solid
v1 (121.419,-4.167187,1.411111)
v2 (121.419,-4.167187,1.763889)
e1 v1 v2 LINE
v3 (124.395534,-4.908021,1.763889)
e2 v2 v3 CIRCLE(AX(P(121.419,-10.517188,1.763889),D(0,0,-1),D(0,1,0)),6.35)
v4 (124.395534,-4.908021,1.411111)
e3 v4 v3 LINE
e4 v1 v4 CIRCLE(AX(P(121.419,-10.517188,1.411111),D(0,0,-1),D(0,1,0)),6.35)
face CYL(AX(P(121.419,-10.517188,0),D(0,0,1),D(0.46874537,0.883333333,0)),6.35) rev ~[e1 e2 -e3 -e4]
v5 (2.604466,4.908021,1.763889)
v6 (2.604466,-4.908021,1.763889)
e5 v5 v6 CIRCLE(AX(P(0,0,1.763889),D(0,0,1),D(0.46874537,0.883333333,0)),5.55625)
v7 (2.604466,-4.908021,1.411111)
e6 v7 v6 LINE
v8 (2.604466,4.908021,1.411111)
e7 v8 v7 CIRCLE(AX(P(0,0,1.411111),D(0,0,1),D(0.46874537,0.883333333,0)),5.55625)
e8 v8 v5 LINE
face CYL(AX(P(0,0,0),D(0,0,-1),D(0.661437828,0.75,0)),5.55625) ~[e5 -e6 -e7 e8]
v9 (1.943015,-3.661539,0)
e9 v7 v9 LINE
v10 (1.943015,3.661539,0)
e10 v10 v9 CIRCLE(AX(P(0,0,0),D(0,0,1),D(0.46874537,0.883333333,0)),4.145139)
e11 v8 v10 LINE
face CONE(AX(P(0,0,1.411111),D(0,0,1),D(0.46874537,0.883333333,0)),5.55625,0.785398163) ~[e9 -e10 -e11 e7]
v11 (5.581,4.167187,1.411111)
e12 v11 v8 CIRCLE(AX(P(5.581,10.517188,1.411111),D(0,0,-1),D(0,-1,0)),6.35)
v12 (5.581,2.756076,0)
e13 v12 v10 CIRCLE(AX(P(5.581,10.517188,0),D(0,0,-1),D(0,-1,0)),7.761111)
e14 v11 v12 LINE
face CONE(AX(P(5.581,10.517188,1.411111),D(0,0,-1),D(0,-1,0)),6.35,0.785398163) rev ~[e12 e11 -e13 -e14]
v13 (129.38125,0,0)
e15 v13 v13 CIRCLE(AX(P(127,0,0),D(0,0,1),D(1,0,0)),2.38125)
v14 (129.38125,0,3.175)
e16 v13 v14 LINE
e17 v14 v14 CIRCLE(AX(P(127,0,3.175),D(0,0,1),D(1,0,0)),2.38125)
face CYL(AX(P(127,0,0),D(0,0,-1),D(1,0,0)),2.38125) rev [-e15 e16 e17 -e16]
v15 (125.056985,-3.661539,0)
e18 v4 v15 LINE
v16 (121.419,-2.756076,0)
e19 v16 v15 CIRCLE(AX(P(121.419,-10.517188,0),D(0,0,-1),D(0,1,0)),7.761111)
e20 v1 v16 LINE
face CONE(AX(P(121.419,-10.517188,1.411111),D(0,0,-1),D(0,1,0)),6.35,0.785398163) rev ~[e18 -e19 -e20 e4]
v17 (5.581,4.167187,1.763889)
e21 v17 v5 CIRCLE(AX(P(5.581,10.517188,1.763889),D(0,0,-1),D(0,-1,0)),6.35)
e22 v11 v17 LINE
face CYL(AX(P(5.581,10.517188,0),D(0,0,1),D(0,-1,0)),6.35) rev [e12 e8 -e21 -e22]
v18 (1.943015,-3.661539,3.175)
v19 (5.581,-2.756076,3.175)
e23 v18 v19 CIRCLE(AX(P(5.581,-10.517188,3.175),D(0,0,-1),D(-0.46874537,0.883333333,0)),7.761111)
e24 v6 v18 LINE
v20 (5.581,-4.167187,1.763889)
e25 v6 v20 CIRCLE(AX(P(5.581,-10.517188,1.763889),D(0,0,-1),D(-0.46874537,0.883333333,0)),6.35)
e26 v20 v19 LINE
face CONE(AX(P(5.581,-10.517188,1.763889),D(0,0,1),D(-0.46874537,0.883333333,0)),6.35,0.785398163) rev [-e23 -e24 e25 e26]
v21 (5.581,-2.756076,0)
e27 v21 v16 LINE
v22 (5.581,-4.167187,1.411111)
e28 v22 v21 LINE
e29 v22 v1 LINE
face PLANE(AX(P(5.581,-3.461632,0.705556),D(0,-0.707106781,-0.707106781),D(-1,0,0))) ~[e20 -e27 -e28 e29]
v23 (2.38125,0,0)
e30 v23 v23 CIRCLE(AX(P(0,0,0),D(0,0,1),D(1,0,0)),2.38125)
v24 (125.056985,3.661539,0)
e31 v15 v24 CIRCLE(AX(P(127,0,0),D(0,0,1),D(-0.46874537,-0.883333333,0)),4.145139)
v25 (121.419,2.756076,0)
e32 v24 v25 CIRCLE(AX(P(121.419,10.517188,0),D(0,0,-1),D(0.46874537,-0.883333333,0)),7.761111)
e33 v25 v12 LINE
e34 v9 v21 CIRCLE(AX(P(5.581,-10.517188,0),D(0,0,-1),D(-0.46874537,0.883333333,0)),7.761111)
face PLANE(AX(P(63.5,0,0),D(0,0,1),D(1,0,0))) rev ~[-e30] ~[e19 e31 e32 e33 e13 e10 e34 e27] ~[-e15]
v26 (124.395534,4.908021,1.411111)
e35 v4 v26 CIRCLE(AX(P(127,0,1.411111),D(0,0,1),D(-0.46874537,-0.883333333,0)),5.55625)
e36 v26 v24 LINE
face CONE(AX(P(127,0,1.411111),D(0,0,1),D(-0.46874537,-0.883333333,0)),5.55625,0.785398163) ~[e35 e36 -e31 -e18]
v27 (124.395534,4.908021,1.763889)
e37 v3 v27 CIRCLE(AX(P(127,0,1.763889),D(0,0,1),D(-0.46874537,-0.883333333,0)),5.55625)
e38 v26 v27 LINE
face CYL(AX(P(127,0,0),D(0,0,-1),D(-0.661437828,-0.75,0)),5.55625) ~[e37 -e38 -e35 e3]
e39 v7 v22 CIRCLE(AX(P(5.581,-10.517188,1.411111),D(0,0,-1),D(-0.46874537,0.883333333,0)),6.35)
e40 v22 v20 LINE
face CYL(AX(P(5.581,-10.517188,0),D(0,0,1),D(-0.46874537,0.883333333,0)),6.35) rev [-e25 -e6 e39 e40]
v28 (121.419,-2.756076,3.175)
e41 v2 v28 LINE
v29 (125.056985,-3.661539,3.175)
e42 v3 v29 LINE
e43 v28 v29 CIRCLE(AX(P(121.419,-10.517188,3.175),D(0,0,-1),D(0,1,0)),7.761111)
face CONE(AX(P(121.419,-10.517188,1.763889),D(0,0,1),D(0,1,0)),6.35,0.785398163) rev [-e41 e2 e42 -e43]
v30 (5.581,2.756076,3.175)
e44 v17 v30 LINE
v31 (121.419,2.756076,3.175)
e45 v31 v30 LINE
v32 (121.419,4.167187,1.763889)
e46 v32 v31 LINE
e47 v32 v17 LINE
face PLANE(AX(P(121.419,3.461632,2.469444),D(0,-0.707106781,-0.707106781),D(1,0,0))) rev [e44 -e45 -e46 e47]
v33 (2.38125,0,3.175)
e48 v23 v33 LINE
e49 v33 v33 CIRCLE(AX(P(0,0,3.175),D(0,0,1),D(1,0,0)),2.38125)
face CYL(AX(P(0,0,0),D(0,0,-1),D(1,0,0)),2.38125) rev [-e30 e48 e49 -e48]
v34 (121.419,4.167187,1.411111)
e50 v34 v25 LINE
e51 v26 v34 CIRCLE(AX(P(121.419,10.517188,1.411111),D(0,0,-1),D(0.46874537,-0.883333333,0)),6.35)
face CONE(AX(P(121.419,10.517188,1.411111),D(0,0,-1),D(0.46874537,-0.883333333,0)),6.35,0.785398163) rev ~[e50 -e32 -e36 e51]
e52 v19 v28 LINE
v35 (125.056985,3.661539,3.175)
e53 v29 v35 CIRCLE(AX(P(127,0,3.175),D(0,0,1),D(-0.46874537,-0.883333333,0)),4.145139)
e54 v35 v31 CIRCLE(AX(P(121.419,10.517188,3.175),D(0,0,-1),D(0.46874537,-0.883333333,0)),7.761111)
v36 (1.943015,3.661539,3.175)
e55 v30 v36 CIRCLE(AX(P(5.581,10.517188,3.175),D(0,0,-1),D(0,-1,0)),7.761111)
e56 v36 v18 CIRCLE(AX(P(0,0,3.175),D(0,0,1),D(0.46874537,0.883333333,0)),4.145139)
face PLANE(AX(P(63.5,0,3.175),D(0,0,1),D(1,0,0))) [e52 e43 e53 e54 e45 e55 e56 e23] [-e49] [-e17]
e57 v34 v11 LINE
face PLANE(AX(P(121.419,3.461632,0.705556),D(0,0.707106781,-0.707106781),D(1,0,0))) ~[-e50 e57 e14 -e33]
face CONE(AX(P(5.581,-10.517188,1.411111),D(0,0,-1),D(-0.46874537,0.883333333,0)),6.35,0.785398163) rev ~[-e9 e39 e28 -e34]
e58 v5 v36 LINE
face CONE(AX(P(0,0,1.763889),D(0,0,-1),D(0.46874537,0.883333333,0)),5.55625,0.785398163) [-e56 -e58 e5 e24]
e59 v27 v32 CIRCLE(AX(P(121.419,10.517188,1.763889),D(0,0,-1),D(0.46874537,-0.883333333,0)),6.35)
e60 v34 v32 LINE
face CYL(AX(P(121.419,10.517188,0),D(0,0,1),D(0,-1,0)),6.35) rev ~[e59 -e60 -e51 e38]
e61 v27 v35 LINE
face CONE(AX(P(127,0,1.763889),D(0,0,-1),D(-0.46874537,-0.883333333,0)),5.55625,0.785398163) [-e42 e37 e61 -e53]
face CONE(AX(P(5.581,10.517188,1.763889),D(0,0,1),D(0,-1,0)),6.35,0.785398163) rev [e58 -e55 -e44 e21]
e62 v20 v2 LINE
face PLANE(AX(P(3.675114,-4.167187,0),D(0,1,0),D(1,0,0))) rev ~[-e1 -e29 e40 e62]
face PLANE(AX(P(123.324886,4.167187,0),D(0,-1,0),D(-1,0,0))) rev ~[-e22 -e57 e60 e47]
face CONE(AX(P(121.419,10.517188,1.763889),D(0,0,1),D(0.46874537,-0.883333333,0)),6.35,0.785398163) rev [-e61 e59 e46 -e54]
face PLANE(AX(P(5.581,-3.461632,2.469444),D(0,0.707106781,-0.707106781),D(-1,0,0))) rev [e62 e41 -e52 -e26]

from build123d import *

# Parameters (mm, degrees)
F0_R     = 2.38125
F1_DEPTH = 3.175
F2_R     = 6.35
F3_SIZE  = 1.4111111111


with BuildPart() as f1:
    # F0 (on Top) → F1 (new body)
    with BuildSketch(Plane.XY):
        with BuildLine():
            Line((123.3248860695, 4.1671875), (3.6751139305, 4.1671875))
            ThreePointArc((3.6751139305, 4.1671875), (-5.55625, 0), (3.6751139305, -4.1671875))
            Line((3.6751139305, -4.1671875), (123.3248860695, -4.1671875))
            ThreePointArc((123.3248860695, -4.1671875), (132.55625, 0), (123.3248860695, 4.1671875))
        make_face()
        Circle(F0_R, mode=Mode.SUBTRACT)
        with Locations((127, 0)):
            Circle(F0_R, mode=Mode.SUBTRACT)
    extrude(amount=F1_DEPTH)

    # F2
    f2_edges = [f1.edges().sort_by_distance(p)[0] for p in [
        (3.675114, 4.167187, 1.5875),
        (3.675114, -4.167188, 1.5875),
        (123.324886, -4.167187, 1.5875),
        (123.324886, 4.167187, 1.5875),
    ]]
    fillet(f2_edges, radius=F2_R)

    # F3
    f3_edges = [f1.edges().sort_by_distance(p)[0] for p in [
        (63.5, 4.167187, 3.175),
        (63.5, 4.167187, 0),
    ]]
    chamfer(f3_edges, length=F3_SIZE)


solid = f1.part
